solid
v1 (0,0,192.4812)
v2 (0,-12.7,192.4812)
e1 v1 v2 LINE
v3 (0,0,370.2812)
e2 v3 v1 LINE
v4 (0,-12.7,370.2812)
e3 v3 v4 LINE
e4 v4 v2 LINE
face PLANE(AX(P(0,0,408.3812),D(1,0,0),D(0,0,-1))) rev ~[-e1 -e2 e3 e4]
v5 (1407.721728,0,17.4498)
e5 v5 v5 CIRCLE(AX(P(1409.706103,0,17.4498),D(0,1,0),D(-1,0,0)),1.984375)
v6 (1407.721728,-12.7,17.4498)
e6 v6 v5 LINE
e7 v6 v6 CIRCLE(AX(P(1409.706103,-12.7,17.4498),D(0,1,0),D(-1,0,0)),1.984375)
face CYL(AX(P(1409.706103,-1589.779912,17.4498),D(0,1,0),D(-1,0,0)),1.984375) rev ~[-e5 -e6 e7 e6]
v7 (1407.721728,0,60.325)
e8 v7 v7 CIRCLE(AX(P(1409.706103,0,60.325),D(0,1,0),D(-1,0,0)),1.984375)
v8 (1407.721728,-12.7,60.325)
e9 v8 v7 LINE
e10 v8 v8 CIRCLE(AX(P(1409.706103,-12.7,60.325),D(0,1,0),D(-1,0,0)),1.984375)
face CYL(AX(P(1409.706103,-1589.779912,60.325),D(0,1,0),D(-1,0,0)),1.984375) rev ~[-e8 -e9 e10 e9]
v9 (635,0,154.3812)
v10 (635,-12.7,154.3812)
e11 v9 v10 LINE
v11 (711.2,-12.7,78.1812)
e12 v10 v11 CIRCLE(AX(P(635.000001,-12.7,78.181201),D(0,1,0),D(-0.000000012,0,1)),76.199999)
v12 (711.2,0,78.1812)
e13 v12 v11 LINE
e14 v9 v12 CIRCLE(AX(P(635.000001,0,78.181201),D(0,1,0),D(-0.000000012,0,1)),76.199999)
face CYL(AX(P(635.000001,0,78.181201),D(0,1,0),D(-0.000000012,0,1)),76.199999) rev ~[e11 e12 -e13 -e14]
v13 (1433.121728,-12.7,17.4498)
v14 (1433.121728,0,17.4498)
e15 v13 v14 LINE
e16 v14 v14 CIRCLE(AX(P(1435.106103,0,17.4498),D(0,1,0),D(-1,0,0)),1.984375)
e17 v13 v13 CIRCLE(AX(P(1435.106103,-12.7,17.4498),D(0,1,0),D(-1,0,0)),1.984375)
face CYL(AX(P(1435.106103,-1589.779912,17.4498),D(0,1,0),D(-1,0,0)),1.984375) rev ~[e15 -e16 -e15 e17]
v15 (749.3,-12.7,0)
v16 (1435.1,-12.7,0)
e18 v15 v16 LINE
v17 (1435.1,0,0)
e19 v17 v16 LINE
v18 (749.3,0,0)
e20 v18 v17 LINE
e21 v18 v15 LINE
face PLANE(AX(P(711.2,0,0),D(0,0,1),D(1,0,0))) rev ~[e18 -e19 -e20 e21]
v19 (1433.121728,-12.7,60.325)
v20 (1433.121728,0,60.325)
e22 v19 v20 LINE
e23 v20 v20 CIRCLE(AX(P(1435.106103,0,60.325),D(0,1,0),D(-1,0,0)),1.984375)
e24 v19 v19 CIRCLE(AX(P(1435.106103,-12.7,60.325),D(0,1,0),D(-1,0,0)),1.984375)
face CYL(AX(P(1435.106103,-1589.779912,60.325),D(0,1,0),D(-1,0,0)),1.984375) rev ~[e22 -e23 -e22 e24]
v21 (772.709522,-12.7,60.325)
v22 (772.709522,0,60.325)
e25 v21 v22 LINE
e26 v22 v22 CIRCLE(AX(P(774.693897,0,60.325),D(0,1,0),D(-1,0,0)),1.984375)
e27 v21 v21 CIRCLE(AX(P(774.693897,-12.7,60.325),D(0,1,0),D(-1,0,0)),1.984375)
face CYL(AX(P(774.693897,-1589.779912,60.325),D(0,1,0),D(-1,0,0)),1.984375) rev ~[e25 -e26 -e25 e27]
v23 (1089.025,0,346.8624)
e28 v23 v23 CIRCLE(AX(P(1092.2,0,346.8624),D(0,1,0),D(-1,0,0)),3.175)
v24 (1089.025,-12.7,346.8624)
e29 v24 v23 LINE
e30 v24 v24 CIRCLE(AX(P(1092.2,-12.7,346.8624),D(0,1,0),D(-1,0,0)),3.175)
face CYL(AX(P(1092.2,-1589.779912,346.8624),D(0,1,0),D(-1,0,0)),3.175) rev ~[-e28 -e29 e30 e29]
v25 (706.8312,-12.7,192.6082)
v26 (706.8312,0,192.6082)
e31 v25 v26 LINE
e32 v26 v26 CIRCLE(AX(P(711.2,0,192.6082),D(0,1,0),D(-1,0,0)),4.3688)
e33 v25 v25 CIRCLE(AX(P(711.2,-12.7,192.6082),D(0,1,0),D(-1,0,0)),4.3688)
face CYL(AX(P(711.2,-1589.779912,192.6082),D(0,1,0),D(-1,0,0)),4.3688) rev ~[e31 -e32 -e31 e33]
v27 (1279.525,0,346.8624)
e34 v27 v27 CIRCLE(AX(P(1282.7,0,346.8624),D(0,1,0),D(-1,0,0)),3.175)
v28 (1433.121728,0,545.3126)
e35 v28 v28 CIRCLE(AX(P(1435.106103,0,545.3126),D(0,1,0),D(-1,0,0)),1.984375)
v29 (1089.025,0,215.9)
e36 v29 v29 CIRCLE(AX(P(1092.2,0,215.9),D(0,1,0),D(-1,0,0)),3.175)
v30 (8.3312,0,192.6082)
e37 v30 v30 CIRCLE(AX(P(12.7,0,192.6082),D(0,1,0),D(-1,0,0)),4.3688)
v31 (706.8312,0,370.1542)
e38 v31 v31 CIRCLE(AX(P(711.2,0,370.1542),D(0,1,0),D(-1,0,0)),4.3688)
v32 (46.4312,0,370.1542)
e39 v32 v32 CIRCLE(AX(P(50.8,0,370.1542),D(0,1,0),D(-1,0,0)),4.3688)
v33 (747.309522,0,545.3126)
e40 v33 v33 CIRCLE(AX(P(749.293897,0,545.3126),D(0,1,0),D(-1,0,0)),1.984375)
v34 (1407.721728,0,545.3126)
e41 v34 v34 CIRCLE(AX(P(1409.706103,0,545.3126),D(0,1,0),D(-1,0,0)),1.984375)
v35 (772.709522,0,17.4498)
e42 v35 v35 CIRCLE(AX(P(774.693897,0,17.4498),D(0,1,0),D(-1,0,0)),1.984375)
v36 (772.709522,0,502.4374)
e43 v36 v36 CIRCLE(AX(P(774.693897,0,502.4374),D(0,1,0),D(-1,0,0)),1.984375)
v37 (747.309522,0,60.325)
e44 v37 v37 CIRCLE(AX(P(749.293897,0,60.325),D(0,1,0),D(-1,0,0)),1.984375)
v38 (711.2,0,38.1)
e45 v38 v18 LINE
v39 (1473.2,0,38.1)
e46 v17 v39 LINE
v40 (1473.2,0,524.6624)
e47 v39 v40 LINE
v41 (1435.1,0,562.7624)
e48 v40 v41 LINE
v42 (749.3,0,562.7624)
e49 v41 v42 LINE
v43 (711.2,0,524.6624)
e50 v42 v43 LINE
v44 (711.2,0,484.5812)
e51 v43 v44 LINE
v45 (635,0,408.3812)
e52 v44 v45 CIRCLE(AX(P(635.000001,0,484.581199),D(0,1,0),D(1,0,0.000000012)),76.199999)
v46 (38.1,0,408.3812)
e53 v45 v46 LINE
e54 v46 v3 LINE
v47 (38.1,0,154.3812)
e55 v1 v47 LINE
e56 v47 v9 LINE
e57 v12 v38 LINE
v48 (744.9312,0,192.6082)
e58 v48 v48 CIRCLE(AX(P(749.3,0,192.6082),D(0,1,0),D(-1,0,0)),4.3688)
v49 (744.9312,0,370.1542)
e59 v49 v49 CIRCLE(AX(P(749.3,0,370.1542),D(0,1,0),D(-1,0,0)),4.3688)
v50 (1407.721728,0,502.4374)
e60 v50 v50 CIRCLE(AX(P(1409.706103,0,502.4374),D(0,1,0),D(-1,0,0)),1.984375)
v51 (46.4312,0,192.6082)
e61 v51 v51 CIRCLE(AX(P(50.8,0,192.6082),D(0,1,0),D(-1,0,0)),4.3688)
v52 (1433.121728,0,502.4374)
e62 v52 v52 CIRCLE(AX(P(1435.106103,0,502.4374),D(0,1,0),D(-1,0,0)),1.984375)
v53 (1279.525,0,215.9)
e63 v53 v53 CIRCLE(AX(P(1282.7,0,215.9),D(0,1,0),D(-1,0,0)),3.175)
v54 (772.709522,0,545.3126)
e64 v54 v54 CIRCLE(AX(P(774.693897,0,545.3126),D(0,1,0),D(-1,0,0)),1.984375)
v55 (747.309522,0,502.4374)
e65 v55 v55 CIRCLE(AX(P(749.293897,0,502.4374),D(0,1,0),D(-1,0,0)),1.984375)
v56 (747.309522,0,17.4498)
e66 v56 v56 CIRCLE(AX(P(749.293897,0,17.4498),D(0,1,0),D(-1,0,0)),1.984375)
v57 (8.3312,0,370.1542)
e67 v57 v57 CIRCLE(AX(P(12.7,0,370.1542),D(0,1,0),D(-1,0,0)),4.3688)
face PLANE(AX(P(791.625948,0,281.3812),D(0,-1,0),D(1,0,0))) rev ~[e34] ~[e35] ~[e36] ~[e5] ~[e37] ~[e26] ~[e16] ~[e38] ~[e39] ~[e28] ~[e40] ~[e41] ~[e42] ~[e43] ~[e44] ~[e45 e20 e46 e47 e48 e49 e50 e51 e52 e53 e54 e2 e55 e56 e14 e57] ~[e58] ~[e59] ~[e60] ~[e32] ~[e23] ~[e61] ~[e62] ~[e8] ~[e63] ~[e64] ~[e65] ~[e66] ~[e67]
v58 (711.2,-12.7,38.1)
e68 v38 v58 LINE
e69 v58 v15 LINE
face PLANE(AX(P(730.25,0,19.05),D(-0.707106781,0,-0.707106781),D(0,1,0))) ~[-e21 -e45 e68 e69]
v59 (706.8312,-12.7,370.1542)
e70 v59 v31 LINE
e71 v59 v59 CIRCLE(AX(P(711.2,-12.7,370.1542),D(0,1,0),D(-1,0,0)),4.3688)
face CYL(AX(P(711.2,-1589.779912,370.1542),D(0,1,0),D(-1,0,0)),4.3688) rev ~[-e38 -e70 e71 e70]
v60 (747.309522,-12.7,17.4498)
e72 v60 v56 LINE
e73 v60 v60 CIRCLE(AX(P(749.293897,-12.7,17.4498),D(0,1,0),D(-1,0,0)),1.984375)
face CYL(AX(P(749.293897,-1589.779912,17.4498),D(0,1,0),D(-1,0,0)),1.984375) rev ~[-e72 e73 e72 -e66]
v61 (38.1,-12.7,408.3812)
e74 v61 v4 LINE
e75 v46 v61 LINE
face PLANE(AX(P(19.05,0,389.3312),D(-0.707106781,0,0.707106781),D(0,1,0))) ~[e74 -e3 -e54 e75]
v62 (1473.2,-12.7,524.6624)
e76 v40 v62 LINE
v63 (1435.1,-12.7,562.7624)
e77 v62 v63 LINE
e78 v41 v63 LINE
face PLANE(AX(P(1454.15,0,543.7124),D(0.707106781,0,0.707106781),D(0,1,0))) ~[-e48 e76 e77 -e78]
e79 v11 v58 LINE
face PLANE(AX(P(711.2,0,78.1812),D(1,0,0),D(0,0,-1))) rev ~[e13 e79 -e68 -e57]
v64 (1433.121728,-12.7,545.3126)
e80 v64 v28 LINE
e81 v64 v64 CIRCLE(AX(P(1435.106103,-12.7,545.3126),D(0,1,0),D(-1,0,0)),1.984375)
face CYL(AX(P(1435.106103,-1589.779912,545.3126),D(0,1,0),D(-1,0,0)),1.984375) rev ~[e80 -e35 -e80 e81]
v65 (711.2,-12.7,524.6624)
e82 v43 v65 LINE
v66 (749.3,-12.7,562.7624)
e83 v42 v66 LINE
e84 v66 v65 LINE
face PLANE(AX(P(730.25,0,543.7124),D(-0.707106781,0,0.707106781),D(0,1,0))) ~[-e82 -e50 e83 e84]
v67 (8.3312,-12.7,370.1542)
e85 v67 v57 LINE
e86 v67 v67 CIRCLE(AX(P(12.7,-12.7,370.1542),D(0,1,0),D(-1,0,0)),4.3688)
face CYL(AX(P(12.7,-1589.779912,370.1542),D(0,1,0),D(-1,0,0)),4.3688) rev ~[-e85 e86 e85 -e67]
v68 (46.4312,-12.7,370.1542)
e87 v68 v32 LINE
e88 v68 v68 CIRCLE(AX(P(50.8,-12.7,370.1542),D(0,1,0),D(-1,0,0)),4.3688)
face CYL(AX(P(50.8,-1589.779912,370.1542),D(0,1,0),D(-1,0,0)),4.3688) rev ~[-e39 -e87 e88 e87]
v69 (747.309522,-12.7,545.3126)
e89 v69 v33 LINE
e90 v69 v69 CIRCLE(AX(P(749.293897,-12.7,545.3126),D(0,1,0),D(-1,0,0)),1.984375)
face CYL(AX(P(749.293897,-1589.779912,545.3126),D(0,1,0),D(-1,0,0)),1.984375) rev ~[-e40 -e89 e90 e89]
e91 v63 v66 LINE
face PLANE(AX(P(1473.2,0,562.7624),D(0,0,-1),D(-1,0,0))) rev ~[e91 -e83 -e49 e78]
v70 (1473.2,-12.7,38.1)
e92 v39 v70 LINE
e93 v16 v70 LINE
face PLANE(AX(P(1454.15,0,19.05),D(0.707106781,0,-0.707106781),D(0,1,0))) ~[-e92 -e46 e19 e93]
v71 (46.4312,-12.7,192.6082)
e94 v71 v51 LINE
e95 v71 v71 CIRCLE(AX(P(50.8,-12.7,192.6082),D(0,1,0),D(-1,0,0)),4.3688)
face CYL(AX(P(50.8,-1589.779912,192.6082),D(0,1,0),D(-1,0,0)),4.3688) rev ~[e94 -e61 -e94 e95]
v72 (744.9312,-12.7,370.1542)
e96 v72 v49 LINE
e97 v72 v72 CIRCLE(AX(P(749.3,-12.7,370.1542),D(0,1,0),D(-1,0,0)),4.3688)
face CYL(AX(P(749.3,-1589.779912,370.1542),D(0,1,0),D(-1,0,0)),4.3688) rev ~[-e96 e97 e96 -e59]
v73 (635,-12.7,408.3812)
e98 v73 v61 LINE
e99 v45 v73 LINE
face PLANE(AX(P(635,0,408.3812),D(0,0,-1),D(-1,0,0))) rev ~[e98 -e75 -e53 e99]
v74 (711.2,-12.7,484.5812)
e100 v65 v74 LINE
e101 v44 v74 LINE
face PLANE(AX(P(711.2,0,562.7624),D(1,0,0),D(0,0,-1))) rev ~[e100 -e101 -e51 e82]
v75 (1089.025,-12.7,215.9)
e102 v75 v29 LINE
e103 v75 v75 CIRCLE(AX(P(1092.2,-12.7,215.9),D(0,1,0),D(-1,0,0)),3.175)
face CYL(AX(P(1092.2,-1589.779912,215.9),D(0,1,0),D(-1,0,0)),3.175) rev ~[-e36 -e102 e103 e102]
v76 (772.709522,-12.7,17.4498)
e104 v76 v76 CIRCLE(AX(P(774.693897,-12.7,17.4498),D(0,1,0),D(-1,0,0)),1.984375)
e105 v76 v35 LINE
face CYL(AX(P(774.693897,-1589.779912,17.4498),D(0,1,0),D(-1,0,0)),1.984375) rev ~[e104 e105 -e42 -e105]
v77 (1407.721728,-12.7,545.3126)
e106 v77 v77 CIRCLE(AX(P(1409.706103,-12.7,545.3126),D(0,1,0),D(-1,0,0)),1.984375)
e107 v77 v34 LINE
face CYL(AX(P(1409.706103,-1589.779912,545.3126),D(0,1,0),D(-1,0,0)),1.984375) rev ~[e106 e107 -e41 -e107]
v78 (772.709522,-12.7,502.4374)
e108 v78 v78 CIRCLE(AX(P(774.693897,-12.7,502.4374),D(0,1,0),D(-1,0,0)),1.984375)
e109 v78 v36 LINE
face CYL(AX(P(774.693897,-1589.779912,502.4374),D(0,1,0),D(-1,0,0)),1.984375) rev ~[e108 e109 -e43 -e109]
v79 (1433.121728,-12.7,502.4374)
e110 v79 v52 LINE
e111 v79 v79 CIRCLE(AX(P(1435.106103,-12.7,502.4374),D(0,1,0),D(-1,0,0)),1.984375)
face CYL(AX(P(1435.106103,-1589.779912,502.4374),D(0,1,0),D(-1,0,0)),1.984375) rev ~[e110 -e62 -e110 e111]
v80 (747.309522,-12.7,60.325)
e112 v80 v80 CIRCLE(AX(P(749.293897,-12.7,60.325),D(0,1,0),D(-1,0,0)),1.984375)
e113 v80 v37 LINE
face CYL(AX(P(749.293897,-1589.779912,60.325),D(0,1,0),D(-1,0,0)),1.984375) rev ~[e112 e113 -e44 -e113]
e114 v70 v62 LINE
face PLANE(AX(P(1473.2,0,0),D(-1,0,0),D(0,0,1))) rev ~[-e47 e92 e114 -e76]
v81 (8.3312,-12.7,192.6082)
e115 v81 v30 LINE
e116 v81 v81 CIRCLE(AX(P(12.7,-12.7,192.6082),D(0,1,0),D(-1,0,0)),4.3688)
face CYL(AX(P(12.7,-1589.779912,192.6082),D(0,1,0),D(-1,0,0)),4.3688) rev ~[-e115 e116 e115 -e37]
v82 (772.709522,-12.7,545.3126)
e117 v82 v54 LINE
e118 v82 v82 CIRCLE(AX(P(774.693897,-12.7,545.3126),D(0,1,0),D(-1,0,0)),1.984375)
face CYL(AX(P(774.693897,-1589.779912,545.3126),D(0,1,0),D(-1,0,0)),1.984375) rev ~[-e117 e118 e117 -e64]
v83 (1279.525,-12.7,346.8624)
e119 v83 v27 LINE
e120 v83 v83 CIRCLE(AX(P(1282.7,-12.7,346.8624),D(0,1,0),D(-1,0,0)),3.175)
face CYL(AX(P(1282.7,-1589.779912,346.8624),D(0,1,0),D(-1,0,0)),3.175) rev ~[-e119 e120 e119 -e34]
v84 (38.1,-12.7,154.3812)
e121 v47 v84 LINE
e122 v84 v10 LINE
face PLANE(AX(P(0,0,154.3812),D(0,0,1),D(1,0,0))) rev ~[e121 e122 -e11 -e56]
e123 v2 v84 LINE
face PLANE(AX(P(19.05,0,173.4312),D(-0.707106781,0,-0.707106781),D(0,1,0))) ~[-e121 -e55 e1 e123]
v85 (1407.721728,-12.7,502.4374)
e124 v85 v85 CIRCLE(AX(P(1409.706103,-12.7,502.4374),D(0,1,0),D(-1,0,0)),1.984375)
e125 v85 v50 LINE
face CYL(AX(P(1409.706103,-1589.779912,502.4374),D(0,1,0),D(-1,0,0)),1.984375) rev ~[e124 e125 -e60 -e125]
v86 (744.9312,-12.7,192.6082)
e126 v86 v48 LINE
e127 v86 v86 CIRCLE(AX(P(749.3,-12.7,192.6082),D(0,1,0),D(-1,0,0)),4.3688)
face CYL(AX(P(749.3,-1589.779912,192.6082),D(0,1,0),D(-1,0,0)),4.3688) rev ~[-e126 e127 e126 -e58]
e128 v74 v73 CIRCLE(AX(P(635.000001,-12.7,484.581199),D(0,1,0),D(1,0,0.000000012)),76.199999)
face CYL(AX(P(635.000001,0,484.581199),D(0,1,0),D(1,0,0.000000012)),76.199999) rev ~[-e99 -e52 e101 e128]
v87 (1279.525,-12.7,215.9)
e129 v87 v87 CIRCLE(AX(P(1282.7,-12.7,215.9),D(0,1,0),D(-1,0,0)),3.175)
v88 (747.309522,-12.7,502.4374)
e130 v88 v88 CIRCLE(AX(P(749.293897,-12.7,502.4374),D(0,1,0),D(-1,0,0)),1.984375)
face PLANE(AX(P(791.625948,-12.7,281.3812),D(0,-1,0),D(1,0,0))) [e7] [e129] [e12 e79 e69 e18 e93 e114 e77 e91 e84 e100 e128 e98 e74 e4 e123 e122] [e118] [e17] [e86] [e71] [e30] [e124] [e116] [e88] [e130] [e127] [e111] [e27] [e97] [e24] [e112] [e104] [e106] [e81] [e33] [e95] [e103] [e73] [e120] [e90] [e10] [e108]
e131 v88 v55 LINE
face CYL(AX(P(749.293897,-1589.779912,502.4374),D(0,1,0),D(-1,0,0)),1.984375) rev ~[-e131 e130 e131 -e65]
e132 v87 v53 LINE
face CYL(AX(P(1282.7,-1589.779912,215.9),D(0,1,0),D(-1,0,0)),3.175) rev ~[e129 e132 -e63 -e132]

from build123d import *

# Parameters (mm, degrees)
F1_DEPTH = 12.7
F2_SIZE2 = 38.1
F2_SIZE  = 38.1
F4_D     = 6.35
F6_D     = 3.96875
F7_D     = 8.7376


with BuildPart() as f1:
    # F0 (on Front) → F1 (new body)
    with BuildSketch(Plane.XZ):
        with BuildLine():
            Line((711.2, 78.1812), (711.2, 0))
            Line((711.2, 0), (1473.2, 0))
            Line((1473.2, 0), (1473.2, 562.7624))
            Line((1473.2, 562.7624), (711.2, 562.7624))
            Line((711.2, 562.7624), (711.2, 484.5812))
            ThreePointArc((711.2, 484.5812), (688.881537, 430.699663), (635, 408.3812))
            Line((635, 408.3812), (0, 408.3812))
            Line((0, 408.3812), (0, 154.3812))
            Line((0, 154.3812), (635, 154.3812))
            ThreePointArc((635, 154.3812), (688.881537, 132.062737), (711.2, 78.1812))
        make_face()
    extrude(amount=F1_DEPTH)

    # F2
    f2_edges = [f1.edges().sort_by_distance(p)[0] for p in [
        (711.2, -6.35, 562.7624),
        (711.2, -6.35, 0),
        (1473.2, -6.35, 0),
        (1473.2, -6.35, 562.7624),
        (0, -6.35, 154.3812),
        (0, -6.35, 408.3812),
    ]]
    chamfer(f2_edges, length=F2_SIZE, length2=F2_SIZE2)

    # F4 (through all)
    with Locations(Plane.XZ.offset(12.7)):
        with Locations((1092.2, 215.9), (1092.2, 346.8624), (1282.7, 346.8624), (1282.7, 215.9)):
            Hole(F4_D / 2)

    # F6 (through all)
    with Locations(Plane.XZ.offset(12.7)):
        with Locations((749.293897, 545.3126), (749.293897, 502.4374), (774.693897, 502.4374), (774.693897, 545.3126), (749.293897, 60.325), (774.693897, 17.4498), (749.293897, 17.4498), (774.693897, 60.325), (1409.706103, 502.4374), (1435.106103, 502.4374), (1435.106103, 545.3126), (1409.706103, 545.3126), (1409.706103, 17.4498), (1435.106103, 17.4498), (1435.106103, 60.325), (1409.706103, 60.325)):
            Hole(F6_D / 2)

    # F7 (through all)
    with Locations(Plane.XZ.offset(12.7)):
        with Locations((12.7, 370.1542), (50.8, 370.1542), (12.7, 192.6082), (50.8, 192.6082), (711.2, 370.1542), (749.3, 370.1542), (711.2, 192.6082), (749.3, 192.6082)):
            Hole(F7_D / 2)


solid = f1.part
